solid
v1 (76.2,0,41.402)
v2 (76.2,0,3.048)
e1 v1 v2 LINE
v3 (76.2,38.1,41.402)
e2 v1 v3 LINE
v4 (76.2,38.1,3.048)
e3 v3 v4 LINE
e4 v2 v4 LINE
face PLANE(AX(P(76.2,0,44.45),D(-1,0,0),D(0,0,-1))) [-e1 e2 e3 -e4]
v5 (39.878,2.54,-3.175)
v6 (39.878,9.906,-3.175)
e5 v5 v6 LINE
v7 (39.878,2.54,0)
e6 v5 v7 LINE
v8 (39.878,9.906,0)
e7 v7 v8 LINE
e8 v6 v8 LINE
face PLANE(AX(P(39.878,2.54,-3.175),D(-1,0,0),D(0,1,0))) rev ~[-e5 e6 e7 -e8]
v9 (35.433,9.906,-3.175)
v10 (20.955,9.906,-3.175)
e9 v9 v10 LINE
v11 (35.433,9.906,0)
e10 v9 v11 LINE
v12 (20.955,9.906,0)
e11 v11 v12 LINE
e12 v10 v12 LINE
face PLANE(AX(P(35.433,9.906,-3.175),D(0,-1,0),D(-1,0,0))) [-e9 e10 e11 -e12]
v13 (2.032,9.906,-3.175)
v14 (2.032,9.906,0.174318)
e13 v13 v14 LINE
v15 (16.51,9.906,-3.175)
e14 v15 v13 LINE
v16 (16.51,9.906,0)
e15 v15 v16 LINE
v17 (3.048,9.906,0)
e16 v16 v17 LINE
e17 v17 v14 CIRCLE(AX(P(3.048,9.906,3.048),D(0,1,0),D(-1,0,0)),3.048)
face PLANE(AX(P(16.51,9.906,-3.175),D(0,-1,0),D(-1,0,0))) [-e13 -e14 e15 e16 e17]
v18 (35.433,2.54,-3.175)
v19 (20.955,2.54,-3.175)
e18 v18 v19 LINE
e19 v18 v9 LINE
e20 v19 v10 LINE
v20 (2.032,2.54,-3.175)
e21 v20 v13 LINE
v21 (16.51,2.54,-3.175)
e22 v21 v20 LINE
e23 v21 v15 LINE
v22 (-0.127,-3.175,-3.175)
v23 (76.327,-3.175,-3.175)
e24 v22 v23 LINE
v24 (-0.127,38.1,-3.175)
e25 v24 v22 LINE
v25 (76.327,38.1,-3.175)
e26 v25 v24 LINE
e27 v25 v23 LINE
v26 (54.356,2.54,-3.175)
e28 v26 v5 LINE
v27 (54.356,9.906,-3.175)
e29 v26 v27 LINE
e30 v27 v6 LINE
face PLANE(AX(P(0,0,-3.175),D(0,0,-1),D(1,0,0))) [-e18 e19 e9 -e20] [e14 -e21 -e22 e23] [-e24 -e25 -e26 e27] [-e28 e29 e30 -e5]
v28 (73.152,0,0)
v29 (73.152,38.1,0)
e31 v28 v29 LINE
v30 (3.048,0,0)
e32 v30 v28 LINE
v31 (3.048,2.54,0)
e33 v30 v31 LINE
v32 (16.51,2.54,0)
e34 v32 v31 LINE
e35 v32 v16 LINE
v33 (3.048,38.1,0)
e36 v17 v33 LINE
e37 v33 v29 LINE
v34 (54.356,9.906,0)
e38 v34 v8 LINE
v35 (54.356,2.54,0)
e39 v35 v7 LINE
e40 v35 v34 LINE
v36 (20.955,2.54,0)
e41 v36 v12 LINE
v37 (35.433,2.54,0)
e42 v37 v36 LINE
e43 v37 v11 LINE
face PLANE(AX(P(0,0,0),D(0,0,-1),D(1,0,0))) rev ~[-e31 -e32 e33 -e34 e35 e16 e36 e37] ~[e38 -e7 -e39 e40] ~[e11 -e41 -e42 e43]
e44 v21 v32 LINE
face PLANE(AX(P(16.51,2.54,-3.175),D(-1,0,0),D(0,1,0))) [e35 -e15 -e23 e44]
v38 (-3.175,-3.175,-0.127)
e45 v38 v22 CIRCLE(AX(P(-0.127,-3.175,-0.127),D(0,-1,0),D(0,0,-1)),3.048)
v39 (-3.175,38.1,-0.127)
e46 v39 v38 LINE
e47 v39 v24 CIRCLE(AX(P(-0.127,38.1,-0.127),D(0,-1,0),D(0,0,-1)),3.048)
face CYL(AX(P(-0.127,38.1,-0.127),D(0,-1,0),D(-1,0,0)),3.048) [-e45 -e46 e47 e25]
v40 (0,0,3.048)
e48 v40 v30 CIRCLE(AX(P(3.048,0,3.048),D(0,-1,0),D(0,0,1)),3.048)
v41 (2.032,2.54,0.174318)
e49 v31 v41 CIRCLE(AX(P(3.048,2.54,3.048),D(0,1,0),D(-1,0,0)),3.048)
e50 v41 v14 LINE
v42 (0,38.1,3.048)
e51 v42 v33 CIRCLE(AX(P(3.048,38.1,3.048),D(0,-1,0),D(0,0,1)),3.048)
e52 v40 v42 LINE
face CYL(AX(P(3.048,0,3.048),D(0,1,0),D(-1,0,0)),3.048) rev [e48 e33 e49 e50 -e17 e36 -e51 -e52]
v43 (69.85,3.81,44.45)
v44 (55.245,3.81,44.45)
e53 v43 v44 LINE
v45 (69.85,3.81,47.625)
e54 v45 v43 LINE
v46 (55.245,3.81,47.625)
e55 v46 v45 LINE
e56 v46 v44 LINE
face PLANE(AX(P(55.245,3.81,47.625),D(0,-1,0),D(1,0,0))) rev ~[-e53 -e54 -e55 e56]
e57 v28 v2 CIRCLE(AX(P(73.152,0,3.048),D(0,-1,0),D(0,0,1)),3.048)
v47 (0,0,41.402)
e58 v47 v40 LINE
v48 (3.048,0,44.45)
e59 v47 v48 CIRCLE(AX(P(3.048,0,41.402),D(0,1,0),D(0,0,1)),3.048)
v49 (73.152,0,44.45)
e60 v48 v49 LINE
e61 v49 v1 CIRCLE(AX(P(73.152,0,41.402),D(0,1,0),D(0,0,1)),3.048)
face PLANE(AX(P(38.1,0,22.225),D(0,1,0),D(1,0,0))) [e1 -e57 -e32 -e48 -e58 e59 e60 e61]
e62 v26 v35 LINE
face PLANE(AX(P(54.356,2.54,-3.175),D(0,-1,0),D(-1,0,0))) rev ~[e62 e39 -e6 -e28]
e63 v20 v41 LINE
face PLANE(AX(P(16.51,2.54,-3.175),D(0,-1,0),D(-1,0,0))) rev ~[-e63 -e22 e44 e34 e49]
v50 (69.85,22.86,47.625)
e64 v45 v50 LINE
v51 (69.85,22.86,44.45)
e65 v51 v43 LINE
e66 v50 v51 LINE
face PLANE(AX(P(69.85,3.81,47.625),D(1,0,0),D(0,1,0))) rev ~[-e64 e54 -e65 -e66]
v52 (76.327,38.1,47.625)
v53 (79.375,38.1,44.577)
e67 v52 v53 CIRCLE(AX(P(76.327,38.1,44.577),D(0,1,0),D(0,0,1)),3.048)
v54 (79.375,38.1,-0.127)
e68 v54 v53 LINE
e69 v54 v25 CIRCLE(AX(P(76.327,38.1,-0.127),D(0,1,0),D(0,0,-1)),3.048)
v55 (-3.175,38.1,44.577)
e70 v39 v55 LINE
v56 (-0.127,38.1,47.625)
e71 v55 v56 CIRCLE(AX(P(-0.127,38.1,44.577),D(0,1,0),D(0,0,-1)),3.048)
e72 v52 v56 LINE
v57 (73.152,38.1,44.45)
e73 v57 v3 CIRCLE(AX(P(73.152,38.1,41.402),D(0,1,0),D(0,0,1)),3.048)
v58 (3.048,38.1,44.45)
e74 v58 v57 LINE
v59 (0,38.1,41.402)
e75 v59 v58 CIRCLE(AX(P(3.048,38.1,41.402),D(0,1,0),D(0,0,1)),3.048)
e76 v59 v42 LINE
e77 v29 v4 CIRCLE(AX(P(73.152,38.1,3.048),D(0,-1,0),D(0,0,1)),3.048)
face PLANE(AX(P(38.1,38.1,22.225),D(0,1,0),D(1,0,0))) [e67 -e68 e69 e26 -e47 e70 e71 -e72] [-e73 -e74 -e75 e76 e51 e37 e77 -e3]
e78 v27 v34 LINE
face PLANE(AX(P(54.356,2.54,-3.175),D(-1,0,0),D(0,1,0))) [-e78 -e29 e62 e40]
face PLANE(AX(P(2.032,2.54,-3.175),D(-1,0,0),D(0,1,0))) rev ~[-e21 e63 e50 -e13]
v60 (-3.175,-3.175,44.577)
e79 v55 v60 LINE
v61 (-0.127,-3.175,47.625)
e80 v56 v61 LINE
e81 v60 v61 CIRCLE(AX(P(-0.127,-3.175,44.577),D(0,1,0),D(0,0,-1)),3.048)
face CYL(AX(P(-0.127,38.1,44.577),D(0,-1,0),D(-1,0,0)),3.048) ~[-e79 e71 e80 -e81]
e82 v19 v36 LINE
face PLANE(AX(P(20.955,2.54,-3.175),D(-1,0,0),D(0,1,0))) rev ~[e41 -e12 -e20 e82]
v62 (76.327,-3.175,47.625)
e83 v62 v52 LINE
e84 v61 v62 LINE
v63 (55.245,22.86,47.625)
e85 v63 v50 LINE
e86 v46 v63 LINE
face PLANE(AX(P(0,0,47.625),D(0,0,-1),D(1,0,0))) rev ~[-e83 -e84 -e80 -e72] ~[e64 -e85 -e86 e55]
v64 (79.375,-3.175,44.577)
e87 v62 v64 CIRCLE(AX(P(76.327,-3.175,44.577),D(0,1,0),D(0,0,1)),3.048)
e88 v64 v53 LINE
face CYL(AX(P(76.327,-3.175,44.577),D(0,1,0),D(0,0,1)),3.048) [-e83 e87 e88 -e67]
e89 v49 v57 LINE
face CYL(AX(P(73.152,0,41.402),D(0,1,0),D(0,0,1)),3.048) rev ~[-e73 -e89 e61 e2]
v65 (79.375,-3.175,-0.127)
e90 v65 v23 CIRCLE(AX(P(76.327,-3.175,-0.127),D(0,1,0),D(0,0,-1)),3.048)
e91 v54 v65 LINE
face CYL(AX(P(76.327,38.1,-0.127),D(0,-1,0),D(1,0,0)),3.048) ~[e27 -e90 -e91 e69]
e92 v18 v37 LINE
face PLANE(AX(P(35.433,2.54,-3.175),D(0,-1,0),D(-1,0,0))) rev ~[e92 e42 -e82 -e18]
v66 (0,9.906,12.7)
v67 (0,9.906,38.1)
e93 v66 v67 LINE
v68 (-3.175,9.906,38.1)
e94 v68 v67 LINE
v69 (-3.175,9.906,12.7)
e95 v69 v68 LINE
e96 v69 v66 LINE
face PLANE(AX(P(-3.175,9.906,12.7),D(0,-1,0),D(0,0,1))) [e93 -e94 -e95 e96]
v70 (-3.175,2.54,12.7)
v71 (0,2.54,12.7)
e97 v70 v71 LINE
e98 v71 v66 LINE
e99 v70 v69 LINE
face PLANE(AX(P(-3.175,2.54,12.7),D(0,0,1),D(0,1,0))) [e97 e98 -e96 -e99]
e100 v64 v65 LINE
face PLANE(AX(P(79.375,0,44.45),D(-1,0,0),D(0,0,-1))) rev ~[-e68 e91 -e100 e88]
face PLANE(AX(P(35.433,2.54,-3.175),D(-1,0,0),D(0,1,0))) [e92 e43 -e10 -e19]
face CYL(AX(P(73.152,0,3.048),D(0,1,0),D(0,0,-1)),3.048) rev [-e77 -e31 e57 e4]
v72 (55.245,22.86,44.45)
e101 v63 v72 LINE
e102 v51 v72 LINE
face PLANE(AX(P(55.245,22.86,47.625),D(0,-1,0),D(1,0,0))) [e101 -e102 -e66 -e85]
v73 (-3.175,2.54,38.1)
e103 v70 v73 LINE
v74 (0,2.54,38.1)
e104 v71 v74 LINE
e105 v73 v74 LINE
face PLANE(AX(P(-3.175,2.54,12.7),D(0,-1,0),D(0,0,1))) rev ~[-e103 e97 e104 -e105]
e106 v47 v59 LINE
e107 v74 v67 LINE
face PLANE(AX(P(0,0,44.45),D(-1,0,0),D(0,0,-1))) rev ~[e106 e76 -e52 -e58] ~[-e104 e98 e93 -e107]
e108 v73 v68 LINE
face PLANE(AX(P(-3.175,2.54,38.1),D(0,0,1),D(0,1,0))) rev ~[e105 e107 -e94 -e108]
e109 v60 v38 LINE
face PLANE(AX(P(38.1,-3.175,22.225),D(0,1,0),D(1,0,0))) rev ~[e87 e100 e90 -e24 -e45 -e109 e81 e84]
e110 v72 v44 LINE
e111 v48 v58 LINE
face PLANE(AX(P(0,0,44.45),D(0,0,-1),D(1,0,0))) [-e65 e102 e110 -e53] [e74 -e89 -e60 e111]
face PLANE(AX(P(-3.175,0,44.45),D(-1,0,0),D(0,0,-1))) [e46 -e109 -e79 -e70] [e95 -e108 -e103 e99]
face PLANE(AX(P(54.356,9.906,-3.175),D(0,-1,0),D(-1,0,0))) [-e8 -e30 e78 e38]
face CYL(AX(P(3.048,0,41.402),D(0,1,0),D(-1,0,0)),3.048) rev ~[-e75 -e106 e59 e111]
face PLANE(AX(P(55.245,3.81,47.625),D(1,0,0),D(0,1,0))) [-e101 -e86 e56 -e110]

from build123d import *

# Parameters (mm, degrees)
SKETCH1_W           = 76.2
SKETCH1_H           = 44.45
BOSS_EXTRUDE1_DEPTH = 38.1
SHELL1_T            = 3.175
SKETCH3_W           = 25.4
SKETCH3_H           = 7.366
CUT_EXTRUDE2_DEPTH  = 12.7
FILLET1_R           = 3.048
SKETCH6_W           = 14.605
SKETCH6_H           = 19.05
CUT_EXTRUDE4_DEPTH  = 12.7
SKETCH5_W           = 14.478
SKETCH5_H           = 7.366
CUT_EXTRUDE5_DEPTH  = 12.7


with BuildPart() as part:
    # Sketch1 → Boss-Extrude1 (new body)
    with BuildSketch(Plane(origin=(0, 0, 0), x_dir=(1, 0, 0), z_dir=(0, 1, 0))):
        with Locations((38.1, -22.225)):
            Rectangle(SKETCH1_W, SKETCH1_H)
    extrude(amount=BOSS_EXTRUDE1_DEPTH)

    # Shell1
    shell1_openings = [part.faces().sort_by_distance(p)[0] for p in [
        (38.1, 38.1, 22.225),
    ]]
    offset(amount=SHELL1_T, openings=shell1_openings, kind=Kind.INTERSECTION)

    # Sketch3 → Cut-Extrude2 (cut)
    with BuildSketch(Plane.ZY.offset(3.175)):
        with Locations((25.4, 6.223)):
            Rectangle(SKETCH3_W, SKETCH3_H)
    extrude(amount=-CUT_EXTRUDE2_DEPTH, mode=Mode.SUBTRACT)

    # Fillet1
    fillet1_edges = [part.edges().sort_by_distance(p)[0] for p in [
        (0, 19.05, 0),
        (0, 19.05, 44.45),
        (76.2, 19.05, 44.45),
        (76.2, 19.05, 0),
        (-3.175, 17.4625, -3.175),
        (79.375, 17.4625, -3.175),
        (79.375, 17.4625, 47.625),
        (-3.175, 17.4625, 47.625),
    ]]
    fillet(fillet1_edges, radius=FILLET1_R)

    # Sketch6 → Cut-Extrude4 (cut)
    with BuildSketch(Plane.XY.offset(47.625)):
        with Locations((62.5475, 13.335)):
            Rectangle(SKETCH6_W, SKETCH6_H)
    extrude(amount=-CUT_EXTRUDE4_DEPTH, mode=Mode.SUBTRACT)

    # Sketch5 → Cut-Extrude5 (cut)
    with BuildSketch(Plane(origin=(0, 0, -3.175), x_dir=(-1, 0, 0), z_dir=(0, 0, -1))):
        with Locations((-47.117, 6.223)):
            Rectangle(SKETCH5_W, SKETCH5_H)
        with Locations((-28.194, 6.223)):
            Rectangle(SKETCH5_W, SKETCH5_H)
        with Locations((-9.271, 6.223)):
            Rectangle(SKETCH5_W, SKETCH5_H)
    extrude(amount=-CUT_EXTRUDE5_DEPTH, mode=Mode.SUBTRACT)


solid = part.part
